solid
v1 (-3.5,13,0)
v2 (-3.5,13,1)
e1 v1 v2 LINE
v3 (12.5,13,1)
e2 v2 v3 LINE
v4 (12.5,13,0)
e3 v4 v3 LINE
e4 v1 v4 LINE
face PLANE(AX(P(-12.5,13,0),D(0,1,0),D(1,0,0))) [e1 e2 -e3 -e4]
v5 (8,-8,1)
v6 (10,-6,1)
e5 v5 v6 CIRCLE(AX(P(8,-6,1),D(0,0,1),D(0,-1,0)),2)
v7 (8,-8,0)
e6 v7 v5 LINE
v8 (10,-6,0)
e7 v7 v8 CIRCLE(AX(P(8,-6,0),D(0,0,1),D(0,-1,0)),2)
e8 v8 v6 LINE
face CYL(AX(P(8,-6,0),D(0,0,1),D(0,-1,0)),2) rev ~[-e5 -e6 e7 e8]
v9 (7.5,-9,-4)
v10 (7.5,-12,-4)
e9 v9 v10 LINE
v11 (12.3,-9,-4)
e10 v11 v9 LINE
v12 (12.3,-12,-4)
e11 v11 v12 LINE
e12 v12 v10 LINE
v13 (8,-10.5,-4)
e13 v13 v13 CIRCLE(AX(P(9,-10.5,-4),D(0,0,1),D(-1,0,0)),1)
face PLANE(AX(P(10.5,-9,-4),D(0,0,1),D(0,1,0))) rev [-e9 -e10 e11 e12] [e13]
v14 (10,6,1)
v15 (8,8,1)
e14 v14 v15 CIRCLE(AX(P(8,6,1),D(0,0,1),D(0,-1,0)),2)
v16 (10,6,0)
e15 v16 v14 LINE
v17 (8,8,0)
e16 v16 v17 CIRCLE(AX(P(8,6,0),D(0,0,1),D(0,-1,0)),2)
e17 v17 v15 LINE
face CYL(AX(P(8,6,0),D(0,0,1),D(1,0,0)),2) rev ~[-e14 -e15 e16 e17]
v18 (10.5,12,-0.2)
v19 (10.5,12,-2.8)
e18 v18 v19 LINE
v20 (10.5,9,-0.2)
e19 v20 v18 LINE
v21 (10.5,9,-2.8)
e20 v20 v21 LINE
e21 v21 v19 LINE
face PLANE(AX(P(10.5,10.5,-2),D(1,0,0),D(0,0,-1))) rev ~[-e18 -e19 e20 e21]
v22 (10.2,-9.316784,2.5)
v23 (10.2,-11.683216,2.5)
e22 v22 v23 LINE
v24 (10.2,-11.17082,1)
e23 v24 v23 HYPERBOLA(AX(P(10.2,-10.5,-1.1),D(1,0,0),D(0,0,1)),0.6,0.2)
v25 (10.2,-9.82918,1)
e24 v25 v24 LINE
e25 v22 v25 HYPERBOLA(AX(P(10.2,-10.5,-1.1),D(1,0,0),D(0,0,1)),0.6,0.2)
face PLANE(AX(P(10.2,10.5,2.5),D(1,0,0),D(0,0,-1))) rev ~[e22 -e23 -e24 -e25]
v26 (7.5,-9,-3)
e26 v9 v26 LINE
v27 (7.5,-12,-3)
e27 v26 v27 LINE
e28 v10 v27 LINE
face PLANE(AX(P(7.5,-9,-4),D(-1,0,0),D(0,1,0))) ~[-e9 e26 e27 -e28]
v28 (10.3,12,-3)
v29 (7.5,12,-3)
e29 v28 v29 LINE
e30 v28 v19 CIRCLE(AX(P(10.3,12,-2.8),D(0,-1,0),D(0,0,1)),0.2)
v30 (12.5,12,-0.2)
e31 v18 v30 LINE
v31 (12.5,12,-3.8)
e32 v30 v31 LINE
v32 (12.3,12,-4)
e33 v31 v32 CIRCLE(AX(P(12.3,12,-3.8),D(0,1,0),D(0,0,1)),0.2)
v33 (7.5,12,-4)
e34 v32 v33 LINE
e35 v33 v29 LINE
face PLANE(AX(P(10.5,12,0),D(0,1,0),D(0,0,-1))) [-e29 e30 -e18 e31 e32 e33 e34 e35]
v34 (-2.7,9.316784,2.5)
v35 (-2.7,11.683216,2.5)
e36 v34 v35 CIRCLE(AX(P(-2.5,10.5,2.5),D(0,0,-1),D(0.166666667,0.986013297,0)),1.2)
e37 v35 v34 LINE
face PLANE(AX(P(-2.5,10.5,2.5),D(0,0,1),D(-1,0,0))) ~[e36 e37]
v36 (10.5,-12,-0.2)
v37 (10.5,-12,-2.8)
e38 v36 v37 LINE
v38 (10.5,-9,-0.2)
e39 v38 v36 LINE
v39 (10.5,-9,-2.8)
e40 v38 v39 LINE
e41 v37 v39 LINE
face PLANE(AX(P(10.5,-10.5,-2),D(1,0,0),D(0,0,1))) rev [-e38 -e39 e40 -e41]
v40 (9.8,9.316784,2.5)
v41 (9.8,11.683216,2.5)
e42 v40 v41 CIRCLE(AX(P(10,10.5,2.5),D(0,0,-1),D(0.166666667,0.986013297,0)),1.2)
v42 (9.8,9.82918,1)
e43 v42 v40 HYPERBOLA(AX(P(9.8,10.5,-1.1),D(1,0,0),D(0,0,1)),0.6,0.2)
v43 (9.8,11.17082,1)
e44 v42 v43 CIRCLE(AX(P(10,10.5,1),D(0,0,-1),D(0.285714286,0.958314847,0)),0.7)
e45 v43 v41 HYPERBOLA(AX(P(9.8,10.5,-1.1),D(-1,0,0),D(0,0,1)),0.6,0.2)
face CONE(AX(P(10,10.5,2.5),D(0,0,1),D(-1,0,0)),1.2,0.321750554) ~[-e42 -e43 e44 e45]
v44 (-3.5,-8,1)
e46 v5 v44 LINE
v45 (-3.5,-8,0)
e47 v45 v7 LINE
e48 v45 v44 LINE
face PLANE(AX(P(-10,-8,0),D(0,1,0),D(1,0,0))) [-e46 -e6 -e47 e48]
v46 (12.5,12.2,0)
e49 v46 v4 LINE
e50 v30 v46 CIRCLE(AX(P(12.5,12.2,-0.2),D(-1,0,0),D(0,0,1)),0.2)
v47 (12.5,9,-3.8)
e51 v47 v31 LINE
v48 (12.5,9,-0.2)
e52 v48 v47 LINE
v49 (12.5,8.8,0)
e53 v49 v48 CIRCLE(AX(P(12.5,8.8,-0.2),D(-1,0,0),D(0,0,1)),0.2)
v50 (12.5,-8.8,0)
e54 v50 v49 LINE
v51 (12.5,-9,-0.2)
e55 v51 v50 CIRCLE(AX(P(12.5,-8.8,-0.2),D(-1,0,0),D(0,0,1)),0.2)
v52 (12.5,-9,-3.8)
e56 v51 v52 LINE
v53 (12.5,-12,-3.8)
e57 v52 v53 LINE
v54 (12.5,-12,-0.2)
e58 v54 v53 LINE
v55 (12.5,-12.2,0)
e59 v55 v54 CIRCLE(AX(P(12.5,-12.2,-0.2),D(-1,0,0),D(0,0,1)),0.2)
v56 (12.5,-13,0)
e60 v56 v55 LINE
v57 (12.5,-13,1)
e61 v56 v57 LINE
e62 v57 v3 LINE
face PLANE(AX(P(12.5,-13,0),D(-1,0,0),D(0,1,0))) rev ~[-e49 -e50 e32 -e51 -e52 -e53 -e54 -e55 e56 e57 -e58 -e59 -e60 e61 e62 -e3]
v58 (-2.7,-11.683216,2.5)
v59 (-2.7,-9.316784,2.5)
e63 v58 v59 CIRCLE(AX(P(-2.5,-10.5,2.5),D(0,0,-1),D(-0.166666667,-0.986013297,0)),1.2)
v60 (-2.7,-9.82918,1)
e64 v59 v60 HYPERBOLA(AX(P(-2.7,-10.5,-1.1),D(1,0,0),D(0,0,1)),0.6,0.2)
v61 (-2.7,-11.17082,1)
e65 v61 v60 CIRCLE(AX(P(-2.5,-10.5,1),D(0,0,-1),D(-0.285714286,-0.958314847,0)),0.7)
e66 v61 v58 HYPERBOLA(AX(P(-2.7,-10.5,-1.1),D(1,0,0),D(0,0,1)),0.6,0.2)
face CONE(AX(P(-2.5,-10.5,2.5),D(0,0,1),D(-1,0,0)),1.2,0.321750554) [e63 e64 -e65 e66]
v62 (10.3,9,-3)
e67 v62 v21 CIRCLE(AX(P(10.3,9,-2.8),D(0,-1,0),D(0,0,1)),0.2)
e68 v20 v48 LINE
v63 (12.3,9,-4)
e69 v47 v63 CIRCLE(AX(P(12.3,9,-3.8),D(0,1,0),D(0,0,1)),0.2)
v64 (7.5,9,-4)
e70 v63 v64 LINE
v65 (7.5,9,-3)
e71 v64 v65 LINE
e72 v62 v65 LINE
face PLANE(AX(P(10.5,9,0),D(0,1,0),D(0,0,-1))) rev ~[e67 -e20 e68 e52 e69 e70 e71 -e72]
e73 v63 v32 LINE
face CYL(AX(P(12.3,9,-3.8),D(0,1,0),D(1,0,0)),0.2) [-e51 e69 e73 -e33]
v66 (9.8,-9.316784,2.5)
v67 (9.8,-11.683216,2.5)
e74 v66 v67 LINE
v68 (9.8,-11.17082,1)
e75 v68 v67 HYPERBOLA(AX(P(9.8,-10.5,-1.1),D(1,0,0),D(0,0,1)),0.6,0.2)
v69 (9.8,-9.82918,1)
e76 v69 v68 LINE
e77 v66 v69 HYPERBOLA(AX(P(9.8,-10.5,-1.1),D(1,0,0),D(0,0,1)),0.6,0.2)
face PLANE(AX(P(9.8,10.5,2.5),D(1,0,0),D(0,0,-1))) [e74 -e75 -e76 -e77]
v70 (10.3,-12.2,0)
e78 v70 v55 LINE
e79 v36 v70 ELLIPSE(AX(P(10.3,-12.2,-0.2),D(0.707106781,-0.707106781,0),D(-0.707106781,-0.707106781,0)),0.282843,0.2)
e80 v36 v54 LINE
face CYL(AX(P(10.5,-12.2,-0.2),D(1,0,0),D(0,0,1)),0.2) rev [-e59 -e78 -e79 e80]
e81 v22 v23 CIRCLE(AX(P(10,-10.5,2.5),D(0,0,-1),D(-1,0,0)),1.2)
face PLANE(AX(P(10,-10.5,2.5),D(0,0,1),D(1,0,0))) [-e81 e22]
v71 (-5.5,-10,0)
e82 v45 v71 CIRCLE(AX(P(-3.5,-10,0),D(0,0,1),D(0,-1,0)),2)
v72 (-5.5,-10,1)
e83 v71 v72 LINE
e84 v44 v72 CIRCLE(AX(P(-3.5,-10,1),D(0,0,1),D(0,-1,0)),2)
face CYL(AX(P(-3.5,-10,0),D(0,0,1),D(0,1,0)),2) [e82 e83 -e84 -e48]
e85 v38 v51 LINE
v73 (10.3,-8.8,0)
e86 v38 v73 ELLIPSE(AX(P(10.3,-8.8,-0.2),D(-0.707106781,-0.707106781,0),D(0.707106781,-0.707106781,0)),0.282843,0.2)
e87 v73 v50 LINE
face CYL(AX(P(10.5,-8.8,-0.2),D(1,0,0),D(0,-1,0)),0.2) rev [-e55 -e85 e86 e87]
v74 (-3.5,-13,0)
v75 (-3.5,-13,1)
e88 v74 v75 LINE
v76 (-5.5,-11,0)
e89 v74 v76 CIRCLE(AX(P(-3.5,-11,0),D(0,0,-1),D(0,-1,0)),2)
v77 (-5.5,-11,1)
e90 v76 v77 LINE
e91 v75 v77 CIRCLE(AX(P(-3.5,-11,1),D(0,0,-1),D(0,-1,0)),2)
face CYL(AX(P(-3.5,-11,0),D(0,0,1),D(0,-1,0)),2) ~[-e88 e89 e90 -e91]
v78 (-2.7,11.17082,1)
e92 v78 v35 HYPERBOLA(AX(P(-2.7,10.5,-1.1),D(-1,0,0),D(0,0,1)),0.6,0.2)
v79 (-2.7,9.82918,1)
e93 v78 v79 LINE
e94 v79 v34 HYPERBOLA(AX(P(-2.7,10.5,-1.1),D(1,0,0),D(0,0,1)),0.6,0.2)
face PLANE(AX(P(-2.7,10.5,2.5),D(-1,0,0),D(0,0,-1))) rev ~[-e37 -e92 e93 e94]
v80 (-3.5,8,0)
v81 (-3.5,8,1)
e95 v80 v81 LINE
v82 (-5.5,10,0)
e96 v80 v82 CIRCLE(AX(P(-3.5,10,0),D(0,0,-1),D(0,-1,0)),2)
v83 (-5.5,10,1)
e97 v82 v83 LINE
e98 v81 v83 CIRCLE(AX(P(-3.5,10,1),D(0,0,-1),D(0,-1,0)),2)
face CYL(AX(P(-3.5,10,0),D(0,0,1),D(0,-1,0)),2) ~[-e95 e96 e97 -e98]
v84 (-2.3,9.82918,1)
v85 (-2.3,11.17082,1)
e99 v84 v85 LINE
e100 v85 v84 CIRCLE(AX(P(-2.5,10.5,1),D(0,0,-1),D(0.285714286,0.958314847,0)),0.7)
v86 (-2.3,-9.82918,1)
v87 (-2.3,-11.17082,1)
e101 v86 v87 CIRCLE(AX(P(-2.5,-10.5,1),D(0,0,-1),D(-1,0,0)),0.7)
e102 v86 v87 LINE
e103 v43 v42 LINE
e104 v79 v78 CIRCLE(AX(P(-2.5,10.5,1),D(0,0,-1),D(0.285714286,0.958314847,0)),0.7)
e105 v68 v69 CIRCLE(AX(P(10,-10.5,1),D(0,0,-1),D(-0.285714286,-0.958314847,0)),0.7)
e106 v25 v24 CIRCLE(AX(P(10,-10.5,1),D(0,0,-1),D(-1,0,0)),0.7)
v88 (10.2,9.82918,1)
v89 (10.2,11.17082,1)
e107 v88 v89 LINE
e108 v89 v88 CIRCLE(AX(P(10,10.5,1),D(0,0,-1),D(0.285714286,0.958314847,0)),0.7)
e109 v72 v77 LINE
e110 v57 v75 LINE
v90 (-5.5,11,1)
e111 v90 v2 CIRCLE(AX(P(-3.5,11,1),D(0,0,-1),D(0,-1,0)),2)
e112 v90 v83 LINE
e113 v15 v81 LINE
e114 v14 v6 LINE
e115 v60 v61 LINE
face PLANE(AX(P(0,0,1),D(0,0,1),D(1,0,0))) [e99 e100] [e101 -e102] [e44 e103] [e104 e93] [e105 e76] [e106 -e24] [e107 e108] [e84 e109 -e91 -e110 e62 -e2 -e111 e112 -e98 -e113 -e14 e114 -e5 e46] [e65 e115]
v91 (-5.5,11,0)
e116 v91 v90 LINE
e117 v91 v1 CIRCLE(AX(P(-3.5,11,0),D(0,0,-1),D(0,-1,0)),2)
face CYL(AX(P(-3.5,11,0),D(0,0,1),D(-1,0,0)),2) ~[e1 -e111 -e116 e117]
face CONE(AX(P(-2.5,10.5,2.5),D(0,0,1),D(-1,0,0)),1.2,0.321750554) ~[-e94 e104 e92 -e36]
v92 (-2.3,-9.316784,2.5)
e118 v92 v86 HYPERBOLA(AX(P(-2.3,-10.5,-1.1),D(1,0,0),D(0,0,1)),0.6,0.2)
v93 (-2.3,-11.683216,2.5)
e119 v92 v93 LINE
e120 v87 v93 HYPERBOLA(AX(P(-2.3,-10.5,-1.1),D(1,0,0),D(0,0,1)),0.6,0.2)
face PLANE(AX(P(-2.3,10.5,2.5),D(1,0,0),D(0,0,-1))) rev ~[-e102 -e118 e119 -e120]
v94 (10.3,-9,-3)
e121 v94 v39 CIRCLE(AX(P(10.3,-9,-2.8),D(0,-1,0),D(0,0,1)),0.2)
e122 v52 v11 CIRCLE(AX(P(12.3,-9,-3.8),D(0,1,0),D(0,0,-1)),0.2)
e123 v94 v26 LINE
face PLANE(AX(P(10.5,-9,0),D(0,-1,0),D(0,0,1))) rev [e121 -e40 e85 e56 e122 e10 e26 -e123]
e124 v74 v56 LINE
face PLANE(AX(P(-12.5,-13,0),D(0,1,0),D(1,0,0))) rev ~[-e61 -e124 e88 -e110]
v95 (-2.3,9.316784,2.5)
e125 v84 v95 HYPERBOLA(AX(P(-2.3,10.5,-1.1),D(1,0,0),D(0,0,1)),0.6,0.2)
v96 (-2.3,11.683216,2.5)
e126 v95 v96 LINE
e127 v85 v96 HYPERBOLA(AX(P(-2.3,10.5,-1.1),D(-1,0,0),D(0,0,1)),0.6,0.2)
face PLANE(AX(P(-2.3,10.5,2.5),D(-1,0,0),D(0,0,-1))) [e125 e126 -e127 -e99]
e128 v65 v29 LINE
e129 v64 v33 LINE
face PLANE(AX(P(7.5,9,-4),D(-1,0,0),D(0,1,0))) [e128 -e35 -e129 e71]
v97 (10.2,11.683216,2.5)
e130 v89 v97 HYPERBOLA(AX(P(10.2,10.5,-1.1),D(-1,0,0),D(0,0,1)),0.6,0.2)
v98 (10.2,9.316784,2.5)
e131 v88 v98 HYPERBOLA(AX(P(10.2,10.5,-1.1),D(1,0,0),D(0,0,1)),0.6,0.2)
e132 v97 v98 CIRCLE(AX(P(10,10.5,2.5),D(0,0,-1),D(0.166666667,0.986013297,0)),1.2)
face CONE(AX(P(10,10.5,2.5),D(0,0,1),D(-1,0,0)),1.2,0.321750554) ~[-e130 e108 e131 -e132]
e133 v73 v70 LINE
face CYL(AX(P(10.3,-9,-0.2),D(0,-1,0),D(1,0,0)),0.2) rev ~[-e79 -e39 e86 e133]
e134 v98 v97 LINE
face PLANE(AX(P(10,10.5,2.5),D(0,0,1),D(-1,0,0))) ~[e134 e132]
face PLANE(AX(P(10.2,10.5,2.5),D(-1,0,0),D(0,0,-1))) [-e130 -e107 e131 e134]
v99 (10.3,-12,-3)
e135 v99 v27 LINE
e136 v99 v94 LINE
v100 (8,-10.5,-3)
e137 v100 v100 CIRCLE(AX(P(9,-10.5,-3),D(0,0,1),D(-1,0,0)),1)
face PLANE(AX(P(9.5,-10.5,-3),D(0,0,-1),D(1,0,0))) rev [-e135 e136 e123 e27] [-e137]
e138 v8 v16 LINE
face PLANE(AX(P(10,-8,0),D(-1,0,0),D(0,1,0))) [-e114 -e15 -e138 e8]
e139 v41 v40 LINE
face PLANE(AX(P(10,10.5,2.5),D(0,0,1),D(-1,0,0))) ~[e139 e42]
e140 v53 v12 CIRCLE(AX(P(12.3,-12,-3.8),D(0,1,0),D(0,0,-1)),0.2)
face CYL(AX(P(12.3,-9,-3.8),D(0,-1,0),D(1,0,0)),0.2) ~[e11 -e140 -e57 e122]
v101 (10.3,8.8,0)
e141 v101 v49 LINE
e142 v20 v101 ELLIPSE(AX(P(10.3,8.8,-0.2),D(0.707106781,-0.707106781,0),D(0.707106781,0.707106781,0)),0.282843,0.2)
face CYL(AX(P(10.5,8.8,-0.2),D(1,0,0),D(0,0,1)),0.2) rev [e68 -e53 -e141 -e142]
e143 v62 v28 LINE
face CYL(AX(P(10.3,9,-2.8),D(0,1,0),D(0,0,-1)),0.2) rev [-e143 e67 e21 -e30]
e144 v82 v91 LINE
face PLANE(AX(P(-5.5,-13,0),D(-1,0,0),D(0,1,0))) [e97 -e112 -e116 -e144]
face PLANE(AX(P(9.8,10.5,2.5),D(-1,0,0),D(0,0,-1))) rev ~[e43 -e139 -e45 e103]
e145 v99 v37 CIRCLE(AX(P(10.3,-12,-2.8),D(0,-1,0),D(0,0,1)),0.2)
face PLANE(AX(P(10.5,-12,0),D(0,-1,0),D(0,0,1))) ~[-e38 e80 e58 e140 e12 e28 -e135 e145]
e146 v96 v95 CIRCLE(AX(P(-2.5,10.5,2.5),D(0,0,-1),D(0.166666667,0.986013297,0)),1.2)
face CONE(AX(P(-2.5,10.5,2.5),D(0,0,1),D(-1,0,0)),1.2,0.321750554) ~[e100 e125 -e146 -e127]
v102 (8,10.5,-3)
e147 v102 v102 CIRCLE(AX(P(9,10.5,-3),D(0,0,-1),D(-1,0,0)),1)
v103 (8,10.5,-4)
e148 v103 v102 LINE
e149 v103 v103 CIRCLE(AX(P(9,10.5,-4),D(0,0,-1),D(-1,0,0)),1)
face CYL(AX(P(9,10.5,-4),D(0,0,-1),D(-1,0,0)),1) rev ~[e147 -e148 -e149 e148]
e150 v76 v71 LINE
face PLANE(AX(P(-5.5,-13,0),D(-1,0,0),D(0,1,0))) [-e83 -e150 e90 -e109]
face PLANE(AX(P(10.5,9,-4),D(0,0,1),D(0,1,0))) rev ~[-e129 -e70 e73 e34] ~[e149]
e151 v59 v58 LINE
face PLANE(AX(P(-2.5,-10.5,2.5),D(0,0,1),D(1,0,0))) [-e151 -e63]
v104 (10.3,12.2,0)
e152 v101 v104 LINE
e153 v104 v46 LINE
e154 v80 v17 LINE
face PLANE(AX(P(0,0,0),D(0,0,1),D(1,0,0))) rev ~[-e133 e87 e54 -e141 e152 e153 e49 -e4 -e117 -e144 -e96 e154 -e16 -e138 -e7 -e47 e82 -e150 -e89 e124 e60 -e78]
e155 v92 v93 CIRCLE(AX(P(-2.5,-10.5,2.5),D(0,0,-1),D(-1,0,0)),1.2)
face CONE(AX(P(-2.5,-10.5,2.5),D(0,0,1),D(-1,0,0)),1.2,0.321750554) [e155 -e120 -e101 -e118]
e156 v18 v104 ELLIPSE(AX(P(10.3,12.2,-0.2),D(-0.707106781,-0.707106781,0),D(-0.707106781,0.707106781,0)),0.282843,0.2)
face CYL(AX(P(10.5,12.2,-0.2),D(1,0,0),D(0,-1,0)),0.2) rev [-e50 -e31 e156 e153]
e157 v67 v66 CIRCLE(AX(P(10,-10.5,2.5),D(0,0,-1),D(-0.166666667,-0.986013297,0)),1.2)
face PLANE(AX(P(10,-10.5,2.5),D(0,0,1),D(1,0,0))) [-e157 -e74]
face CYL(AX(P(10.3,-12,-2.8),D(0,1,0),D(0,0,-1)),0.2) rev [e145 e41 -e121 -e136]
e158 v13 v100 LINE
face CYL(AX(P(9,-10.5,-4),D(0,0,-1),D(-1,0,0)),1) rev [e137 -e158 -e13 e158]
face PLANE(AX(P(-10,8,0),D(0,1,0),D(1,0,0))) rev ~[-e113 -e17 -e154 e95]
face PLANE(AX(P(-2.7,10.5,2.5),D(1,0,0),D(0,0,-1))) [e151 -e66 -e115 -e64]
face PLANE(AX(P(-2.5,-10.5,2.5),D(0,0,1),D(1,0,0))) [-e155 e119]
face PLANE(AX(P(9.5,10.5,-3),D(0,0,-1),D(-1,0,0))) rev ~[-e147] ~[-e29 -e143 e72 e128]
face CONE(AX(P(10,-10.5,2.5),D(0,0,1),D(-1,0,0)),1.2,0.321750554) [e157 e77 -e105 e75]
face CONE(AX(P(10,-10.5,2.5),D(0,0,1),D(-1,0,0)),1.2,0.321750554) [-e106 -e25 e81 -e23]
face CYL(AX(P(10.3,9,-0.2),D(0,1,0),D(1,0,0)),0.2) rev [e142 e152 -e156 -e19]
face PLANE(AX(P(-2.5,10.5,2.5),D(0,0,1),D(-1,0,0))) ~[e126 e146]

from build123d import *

# Parameters (mm, degrees)
IZIM1_W                     = 25
IZIM1_H                     = 26
Y_KSEKLIK_EKSTR_ZYON1_DEPTH = 1
IZIM12_W                    = 0.4
IZIM12_H                    = 1.5
KES_EKSTR_ZYON2_DEPTH       = 12
KES_EKSTR_ZYON2_DEPTH_BACK  = 25.3
IZIM13_W                    = 20
IZIM13_H                    = 16
KES_EKSTR_ZYON4_DEPTH       = 5
KES_EKSTR_ZYON4_DEPTH_BACK  = 4
RADYUS1_R                   = 2
IZIM14_W                    = 7
IZIM14_H                    = 26
KES_EKSTR_ZYON5_DEPTH       = 3
KES_EKSTR_ZYON5_DEPTH_BACK  = 3
RADYUS2_R                   = 2
IZIM17_W                    = 4
IZIM17_H                    = 3
Y_KSEKLIK_EKSTR_ZYON2_DEPTH = 2
IZIM18_W                    = 4
IZIM18_H                    = 3
Y_KSEKLIK_EKSTR_ZYON3_DEPTH = 1
IZIM19_R                    = 1
KES_EKSTR_ZYON6_DEPTH       = 1
RADYUS3_R                   = 0.2
RADYUS3_OF_AYNALAMA2_R      = 0.2


with BuildPart() as part:
    # Çizim1 → Yükseklik-Ekstrüzyon1 (new body)
    with BuildSketch(Plane.XY):
        Rectangle(IZIM1_W, IZIM1_H)
    extrude(amount=Y_KSEKLIK_EKSTR_ZYON1_DEPTH)

    # Çizim9 → Döndür1 (revolve)
    with BuildSketch(Plane(origin=(0, 10.5, 0), x_dir=(1, 0, 0), z_dir=(0, 1, 0))):
        Polygon((-2.5, -1), (-2.5, -2.5), (-3.7, -2.5), (-3.2, -1), align=None)
    d_nd_r1 = revolve(axis=Axis((-2.5, 10.5, 1), (0, 0, 1)))

    # Çizim11 → Döndür2 (revolve)
    with BuildSketch(Plane(origin=(0, 10.5, 0), x_dir=(1, 0, 0), z_dir=(0, 1, 0))):
        Polygon((10, -1), (10, -2.5), (8.8, -2.5), (9.3, -1), align=None)
    d_nd_r2 = revolve(axis=Axis((10, 10.5, 1), (0, 0, 1)))

    # Aynalama1: Döndür1, Döndür2 across plane
    add(d_nd_r1.mirror(Plane.ZX))
    add(d_nd_r2.mirror(Plane.ZX))

    # Çizim12 → Kes-Ekstrüzyon2 (cut, two sides)
    with BuildSketch(Plane(origin=(0, 10.5, 0), x_dir=(1, 0, 0), z_dir=(0, 1, 0))) as kes_ekstr_zyon2_sk:
        with Locations((-2.5, -1.75)):
            Rectangle(IZIM12_W, IZIM12_H)
        with Locations((10, -1.75)):
            Rectangle(IZIM12_W, IZIM12_H)
    extrude(amount=KES_EKSTR_ZYON2_DEPTH, mode=Mode.SUBTRACT)
    extrude(kes_ekstr_zyon2_sk.sketch, amount=-KES_EKSTR_ZYON2_DEPTH_BACK, mode=Mode.SUBTRACT)

    # Çizim13 → Kes-Ekstrüzyon4 (cut, two sides)
    with BuildSketch(Plane.XY) as kes_ekstr_zyon4_sk:
        Rectangle(IZIM13_W, IZIM13_H)
    extrude(amount=KES_EKSTR_ZYON4_DEPTH, mode=Mode.SUBTRACT)
    extrude(kes_ekstr_zyon4_sk.sketch, amount=-KES_EKSTR_ZYON4_DEPTH_BACK, mode=Mode.SUBTRACT)

    # Radyus1
    radyus1_edges = [part.edges().sort_by_distance(p)[0] for p in [
        (10, 8, 0.5),
        (-10, 8, 0.5),
        (-10, -8, 0.5),
        (10, -8, 0.5),
    ]]
    fillet(radyus1_edges, radius=RADYUS1_R)

    # Çizim14 → Kes-Ekstrüzyon5 (cut, two sides)
    with BuildSketch(Plane.XY) as kes_ekstr_zyon5_sk:
        with Locations((-9, 0)):
            Rectangle(IZIM14_W, IZIM14_H)
    extrude(amount=KES_EKSTR_ZYON5_DEPTH, mode=Mode.SUBTRACT)
    extrude(kes_ekstr_zyon5_sk.sketch, amount=-KES_EKSTR_ZYON5_DEPTH_BACK, mode=Mode.SUBTRACT)

    # Radyus2
    radyus2_edges = [part.edges().sort_by_distance(p)[0] for p in [
        (-5.5, -8, 0.5),
        (-5.5, 13, 0.5),
        (-5.5, -13, 0.5),
        (-5.5, 8, 0.5),
    ]]
    fillet(radyus2_edges, radius=RADYUS2_R)

    # Çizim17 → Yükseklik-Ekstrüzyon2 (add)
    with BuildSketch(Plane(origin=(10.5, 0, 0), x_dir=(0, 0, -1), z_dir=(1, 0, 0))):
        with Locations((2, 10.5)):
            Rectangle(IZIM17_W, IZIM17_H)
    y_kseklik_ekstr_zyon2 = extrude(amount=Y_KSEKLIK_EKSTR_ZYON2_DEPTH)

    # Çizim18 → Yükseklik-Ekstrüzyon3 (add)
    with BuildSketch(Plane(origin=(0, 0, -4), x_dir=(-1, 0, 0), z_dir=(0, 0, -1))):
        with Locations((-9.5, 10.5)):
            Rectangle(IZIM18_W, IZIM18_H)
    y_kseklik_ekstr_zyon3 = extrude(amount=-Y_KSEKLIK_EKSTR_ZYON3_DEPTH)

    # Çizim19 → Kes-Ekstrüzyon6 (cut)
    with BuildSketch(Plane(origin=(0, 0, -4), x_dir=(-1, 0, 0), z_dir=(0, 0, -1))):
        with Locations((-9, 10.5)):
            Circle(IZIM19_R)
    kes_ekstr_zyon6 = extrude(amount=-KES_EKSTR_ZYON6_DEPTH, mode=Mode.SUBTRACT)

    # Radyus3
    radyus3_edges = [part.edges().sort_by_distance(p)[0] for p in [
        (10.5, 10.5, 0),
        (11.5, 12, 0),
        (11.5, 9, 0),
        (12.5, 10.5, -4),
        (10.5, 10.5, -3),
    ]]
    fillet(radyus3_edges, radius=RADYUS3_R)

    # Aynalama2: Yükseklik-Ekstrüzyon2, Yükseklik-Ekstrüzyon3, Kes-Ekstrüzyon6 across plane
    add(y_kseklik_ekstr_zyon2.mirror(Plane.ZX))
    add(y_kseklik_ekstr_zyon3.mirror(Plane.ZX))
    add(kes_ekstr_zyon6.mirror(Plane.ZX), mode=Mode.SUBTRACT)

    # Radyus3 of Aynalama2
    radyus3_of_aynalama2_edges = [part.edges().sort_by_distance(p)[0] for p in [
        (10.5, -10.5, 0),
        (11.5, -12, 0),
        (11.5, -9, 0),
        (12.5, -10.5, -4),
        (10.5, -10.5, -3),
    ]]
    fillet(radyus3_of_aynalama2_edges, radius=RADYUS3_OF_AYNALAMA2_R)


solid = part.part
